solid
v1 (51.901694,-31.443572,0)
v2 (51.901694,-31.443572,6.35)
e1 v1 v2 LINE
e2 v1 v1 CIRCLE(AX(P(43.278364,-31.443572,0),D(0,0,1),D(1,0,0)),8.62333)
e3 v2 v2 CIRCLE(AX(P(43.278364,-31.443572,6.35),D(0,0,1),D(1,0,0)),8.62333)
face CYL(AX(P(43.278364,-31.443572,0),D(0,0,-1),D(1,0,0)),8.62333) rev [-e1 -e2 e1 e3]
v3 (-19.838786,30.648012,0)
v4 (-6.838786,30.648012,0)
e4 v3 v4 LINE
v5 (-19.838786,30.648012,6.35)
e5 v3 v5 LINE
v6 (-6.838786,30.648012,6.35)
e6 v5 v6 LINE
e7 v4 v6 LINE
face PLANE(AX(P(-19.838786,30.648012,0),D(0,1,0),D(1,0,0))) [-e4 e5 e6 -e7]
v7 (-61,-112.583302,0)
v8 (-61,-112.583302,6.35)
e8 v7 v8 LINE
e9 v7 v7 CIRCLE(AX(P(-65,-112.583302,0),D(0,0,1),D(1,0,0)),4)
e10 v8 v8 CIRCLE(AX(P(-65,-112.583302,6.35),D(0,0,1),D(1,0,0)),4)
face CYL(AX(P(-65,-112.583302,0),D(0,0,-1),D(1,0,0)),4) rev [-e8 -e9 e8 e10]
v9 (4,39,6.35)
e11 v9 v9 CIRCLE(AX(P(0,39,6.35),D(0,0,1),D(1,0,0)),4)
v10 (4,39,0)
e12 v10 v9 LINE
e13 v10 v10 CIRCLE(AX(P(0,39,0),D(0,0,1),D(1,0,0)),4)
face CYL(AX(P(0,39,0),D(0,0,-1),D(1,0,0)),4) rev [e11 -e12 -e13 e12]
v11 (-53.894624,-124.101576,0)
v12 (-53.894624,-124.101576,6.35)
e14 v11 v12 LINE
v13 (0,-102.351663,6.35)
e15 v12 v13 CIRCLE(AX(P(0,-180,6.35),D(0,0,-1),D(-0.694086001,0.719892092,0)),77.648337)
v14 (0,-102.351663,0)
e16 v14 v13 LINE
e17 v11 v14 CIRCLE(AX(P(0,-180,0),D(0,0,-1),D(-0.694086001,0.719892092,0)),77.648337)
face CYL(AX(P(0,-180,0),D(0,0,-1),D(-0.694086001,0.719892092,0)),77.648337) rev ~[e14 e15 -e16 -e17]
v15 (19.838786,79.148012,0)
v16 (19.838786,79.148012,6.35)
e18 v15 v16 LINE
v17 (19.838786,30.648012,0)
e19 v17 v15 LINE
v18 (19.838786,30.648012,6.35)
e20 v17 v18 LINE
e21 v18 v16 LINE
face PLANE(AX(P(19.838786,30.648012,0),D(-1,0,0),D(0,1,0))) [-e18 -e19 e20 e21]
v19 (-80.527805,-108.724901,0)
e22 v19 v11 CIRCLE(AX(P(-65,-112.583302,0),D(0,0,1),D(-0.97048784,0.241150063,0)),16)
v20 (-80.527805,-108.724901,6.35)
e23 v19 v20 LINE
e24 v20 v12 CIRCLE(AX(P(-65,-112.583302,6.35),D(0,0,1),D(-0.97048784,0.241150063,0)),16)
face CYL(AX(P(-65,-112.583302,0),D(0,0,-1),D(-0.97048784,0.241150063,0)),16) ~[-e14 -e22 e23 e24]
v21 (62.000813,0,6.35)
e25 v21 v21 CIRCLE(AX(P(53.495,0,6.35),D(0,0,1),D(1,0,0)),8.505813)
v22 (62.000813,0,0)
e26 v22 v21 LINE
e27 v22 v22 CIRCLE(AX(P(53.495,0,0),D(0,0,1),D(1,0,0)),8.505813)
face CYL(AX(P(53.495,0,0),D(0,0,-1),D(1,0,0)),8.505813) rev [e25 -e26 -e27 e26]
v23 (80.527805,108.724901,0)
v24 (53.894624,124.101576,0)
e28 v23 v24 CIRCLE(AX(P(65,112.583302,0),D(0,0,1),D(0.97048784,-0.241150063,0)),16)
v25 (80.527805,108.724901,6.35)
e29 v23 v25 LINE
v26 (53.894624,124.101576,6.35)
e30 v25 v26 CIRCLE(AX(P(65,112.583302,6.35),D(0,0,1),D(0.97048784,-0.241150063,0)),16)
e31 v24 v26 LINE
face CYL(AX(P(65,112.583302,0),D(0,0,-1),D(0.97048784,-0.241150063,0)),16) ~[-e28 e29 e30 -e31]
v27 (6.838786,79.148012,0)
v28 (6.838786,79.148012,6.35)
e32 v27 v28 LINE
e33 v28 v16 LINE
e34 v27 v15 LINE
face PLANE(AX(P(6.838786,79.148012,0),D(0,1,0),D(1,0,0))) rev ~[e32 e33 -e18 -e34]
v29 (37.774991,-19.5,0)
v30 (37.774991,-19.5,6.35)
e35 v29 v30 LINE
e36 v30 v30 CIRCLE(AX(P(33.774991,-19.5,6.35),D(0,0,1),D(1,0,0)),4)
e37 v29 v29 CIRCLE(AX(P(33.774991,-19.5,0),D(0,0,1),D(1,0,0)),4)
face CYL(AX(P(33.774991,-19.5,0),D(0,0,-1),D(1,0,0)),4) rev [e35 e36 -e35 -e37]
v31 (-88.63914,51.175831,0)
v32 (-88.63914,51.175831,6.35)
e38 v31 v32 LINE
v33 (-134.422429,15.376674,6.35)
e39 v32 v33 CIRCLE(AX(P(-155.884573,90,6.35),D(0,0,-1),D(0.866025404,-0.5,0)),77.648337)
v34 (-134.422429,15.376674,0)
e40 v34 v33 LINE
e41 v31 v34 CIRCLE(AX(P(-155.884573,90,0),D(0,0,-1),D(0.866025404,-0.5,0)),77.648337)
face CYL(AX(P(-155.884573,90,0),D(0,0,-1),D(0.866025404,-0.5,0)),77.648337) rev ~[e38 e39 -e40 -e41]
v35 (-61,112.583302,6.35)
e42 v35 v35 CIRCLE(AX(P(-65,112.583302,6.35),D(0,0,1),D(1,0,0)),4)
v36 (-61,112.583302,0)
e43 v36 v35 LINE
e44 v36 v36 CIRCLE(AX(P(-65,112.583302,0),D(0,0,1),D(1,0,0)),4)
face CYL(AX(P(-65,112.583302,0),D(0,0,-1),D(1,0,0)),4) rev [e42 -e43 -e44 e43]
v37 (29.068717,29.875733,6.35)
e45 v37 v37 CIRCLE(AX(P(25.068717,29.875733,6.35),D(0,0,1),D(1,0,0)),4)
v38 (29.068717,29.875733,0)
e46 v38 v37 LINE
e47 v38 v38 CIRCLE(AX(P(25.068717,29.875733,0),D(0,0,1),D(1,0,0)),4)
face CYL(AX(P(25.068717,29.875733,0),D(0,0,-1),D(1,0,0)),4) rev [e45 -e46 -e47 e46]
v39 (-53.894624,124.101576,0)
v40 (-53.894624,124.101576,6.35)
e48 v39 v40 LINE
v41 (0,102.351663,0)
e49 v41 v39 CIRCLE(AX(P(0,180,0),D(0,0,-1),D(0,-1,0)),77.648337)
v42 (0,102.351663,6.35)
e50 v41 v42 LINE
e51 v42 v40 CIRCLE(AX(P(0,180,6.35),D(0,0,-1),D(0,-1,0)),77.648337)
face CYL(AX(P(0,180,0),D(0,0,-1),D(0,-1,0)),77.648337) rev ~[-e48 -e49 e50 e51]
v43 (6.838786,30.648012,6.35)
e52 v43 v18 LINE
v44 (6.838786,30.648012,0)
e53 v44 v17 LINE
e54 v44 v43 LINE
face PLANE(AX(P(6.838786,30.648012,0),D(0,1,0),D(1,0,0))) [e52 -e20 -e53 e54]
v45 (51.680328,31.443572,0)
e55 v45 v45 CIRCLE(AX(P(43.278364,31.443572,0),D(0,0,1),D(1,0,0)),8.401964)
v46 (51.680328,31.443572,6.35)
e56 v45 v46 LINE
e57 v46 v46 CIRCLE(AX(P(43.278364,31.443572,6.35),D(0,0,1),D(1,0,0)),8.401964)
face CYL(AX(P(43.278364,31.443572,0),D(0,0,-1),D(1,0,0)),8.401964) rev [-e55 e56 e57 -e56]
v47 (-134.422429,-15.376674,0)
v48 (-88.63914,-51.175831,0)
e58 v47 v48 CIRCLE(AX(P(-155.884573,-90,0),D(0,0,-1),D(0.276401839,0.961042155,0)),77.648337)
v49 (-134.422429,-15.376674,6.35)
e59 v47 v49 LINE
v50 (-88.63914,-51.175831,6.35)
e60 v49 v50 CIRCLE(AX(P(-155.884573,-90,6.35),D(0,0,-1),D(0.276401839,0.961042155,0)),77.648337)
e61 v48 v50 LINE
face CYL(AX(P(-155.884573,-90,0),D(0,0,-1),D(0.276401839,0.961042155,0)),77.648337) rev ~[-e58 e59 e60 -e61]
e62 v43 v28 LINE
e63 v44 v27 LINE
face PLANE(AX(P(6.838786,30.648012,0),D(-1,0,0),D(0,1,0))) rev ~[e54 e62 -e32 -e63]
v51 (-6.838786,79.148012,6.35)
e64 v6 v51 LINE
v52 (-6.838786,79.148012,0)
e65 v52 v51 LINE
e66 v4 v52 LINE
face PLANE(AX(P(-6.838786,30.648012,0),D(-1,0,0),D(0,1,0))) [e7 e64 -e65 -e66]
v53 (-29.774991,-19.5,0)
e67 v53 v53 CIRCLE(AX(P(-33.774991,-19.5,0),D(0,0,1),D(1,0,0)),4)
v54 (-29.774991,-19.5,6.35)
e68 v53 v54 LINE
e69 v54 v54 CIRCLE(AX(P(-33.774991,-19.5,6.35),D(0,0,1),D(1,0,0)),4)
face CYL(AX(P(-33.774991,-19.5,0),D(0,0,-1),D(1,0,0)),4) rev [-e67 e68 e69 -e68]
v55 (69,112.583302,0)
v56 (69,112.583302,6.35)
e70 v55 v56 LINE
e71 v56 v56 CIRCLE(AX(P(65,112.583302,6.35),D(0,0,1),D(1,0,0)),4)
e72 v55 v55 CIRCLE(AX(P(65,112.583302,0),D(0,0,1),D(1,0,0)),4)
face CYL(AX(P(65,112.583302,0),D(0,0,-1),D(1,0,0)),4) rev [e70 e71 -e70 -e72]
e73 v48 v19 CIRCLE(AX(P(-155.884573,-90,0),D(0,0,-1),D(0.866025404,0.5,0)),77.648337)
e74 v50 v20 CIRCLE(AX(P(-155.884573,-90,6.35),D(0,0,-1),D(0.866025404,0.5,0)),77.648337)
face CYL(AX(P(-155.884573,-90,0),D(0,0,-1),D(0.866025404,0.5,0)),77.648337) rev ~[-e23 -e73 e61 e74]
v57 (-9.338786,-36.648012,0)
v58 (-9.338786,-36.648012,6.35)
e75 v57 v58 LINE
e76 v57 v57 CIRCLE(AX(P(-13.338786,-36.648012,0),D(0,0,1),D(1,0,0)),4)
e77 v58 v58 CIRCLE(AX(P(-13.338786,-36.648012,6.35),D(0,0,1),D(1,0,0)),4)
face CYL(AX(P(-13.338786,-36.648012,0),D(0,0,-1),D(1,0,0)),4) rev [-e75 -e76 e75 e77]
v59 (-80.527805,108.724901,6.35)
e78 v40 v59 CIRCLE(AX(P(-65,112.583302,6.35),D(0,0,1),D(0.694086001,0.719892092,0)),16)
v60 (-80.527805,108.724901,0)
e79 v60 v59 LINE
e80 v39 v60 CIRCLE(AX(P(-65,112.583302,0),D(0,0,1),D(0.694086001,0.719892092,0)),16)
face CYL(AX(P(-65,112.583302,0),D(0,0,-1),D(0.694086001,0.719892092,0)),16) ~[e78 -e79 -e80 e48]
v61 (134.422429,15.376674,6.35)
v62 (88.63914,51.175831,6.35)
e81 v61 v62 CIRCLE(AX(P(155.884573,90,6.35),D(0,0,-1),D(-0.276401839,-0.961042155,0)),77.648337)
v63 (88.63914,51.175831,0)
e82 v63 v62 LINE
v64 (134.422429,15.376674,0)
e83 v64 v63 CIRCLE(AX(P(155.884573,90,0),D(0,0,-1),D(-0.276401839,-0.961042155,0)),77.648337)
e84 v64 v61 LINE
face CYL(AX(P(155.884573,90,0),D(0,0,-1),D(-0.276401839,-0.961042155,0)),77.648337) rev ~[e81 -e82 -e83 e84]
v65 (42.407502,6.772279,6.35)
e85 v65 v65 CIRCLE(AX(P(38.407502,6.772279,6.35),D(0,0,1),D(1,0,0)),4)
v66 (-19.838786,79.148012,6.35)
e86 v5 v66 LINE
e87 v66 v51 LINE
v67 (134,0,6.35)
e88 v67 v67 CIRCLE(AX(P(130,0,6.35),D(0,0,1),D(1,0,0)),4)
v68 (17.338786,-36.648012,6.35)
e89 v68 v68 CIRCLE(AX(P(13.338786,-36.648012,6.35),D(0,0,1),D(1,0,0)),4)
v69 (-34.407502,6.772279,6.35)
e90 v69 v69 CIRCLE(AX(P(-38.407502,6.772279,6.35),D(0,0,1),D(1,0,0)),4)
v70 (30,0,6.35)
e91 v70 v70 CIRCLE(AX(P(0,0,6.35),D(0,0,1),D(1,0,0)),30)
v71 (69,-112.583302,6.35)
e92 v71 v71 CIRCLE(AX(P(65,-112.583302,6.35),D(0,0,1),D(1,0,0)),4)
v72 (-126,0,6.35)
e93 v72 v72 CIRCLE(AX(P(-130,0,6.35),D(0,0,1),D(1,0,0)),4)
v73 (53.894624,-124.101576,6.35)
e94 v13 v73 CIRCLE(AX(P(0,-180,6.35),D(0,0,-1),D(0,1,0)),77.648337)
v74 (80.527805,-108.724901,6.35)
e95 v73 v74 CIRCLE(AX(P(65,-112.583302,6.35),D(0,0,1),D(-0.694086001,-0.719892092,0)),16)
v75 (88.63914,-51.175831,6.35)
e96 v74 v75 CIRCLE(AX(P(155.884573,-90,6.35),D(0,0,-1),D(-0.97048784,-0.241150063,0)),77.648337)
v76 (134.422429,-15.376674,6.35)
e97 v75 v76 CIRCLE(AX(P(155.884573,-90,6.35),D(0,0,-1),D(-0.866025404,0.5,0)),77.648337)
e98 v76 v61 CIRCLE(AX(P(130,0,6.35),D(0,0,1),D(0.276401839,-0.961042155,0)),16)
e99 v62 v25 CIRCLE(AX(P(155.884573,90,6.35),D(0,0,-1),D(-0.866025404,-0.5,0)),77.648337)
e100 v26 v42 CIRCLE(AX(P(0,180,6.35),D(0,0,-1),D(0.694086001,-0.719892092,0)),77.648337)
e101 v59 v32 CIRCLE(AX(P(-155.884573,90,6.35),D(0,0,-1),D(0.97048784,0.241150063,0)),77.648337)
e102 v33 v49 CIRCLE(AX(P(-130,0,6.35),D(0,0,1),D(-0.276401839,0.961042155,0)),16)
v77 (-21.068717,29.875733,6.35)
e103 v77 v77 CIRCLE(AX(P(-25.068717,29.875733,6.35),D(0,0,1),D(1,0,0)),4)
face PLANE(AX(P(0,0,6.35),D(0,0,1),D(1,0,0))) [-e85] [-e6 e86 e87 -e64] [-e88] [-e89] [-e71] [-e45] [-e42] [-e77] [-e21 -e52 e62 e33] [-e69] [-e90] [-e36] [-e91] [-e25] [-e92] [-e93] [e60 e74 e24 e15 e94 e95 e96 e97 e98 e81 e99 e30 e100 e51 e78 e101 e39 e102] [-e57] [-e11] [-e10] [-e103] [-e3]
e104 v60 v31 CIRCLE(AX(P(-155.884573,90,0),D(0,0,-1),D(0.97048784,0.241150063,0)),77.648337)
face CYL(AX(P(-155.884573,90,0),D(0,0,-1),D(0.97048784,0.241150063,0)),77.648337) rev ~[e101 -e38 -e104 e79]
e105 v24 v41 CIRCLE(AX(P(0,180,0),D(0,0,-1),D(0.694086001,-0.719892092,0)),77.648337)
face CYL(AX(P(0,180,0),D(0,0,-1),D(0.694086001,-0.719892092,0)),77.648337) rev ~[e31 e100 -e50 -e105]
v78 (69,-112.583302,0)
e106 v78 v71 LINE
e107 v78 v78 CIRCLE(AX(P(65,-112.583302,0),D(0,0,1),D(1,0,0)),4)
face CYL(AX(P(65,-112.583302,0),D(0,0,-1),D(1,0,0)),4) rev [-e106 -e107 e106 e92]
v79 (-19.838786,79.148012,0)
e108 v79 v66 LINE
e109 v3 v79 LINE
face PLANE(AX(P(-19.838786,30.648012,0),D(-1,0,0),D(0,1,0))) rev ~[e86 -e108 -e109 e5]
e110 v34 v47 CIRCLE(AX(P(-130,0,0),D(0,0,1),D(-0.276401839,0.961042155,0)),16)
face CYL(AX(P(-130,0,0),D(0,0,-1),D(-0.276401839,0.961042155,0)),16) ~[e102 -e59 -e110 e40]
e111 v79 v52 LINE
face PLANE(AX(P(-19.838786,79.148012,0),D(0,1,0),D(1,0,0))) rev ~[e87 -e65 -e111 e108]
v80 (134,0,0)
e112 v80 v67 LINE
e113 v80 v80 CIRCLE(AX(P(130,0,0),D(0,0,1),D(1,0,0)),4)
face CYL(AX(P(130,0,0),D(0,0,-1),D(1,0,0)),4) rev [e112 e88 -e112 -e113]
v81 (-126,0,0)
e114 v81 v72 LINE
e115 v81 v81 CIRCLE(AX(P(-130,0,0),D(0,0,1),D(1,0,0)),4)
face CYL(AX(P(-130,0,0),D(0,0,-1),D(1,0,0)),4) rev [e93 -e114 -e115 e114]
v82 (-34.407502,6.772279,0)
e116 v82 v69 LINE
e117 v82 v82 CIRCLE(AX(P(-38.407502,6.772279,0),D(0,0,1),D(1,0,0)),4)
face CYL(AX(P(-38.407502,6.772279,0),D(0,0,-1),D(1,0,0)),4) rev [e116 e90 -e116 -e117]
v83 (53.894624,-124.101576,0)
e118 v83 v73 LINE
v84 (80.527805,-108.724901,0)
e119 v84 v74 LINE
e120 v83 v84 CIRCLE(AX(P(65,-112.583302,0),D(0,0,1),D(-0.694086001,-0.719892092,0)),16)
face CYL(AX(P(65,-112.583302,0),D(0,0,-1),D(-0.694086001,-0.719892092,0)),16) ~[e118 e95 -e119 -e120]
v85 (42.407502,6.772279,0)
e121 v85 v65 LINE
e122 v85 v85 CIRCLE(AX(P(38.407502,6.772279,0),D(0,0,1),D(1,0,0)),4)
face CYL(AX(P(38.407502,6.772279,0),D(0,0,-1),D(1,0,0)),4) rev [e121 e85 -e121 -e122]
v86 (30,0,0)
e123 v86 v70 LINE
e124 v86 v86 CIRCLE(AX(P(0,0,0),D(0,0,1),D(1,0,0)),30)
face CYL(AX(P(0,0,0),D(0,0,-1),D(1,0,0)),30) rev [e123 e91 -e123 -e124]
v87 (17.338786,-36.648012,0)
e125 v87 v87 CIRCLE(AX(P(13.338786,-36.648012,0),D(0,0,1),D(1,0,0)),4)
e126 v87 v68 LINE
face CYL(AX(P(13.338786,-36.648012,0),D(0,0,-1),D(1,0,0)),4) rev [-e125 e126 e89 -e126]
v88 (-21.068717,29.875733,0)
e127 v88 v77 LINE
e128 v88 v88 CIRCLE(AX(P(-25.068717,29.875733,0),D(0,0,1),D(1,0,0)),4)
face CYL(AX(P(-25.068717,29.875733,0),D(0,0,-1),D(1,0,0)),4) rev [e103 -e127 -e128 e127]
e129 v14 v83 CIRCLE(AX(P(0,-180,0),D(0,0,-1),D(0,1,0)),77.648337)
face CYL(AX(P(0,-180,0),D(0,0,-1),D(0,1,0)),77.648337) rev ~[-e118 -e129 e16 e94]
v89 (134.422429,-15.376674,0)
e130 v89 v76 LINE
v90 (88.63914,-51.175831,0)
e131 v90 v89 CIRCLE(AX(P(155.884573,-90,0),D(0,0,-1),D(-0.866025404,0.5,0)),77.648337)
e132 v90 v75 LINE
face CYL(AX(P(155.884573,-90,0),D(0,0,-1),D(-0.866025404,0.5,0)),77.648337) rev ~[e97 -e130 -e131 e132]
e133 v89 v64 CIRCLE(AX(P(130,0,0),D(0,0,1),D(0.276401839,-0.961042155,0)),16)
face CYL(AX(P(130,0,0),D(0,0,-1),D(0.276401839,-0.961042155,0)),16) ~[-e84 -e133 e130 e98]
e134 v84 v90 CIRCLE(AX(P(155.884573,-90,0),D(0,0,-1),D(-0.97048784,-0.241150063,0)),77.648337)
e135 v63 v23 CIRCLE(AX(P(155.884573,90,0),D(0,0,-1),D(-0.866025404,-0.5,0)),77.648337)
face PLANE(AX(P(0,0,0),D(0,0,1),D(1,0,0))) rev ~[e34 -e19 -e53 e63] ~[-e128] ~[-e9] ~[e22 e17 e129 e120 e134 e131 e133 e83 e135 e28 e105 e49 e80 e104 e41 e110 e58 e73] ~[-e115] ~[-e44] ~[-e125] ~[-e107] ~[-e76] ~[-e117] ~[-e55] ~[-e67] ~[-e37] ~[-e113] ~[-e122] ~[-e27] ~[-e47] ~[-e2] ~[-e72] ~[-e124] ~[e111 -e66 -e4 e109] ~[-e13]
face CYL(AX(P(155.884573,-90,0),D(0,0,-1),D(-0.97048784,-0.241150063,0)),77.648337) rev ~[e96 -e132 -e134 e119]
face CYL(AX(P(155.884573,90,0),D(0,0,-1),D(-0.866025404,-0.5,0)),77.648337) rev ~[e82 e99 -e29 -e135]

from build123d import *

# Parameters (mm, degrees)
SKETCH2_R           = 4
SKETCH2_R_2         = 30
SKETCH2_R_3         = 8.623329564
SKETCH2_R_4         = 8.505813098
SKETCH2_R_5         = 8.401963559
SKETCH2_W           = 13
SKETCH2_H           = 48.5
BOSS_EXTRUDE1_DEPTH = 6.35


with BuildPart() as part:
    # Sketch2 → Boss-Extrude1 (new body)
    with BuildSketch(Plane.XY):
        with BuildLine():
            ThreePointArc((80.527805435, 108.72490148), (73, 126.439708953), (53.894623988, 124.101575958))
            ThreePointArc((53.894623988, 124.101575958), (29.058945383, 107.994153026), (0, 102.351662573))
            ThreePointArc((0, 102.351662573), (-29.058945383, 107.994153026), (-53.894623988, 124.101575958))
            ThreePointArc((-53.894623988, 124.101575958), (-73, 126.439708953), (-80.527805435, 108.72490148))
            ThreePointArc((-80.527805435, 108.72490148), (-78.996207289, 79.162861422), (-88.639139908, 51.175831286))
            ThreePointArc((-88.639139908, 51.175831286), (-108.055152672, 28.831291604), (-134.422429423, 15.376674478))
            ThreePointArc((-134.422429423, 15.376674478), (-146, 0), (-134.422429423, -15.376674478))
            ThreePointArc((-134.422429423, -15.376674478), (-108.055152672, -28.831291604), (-88.639139908, -51.175831286))
            ThreePointArc((-88.639139908, -51.175831286), (-78.996207289, -79.162861422), (-80.527805435, -108.72490148))
            ThreePointArc((-80.527805435, -108.72490148), (-73, -126.439708953), (-53.894623988, -124.101575958))
            ThreePointArc((-53.894623988, -124.101575958), (-29.058945383, -107.994153026), (0, -102.351662573))
            ThreePointArc((0, -102.351662573), (29.058945383, -107.994153026), (53.894623988, -124.101575958))
            ThreePointArc((53.894623988, -124.101575958), (73, -126.439708953), (80.527805435, -108.72490148))
            ThreePointArc((80.527805435, -108.72490148), (78.996207289, -79.162861422), (88.639139908, -51.175831286))
            ThreePointArc((88.639139908, -51.175831286), (108.055152672, -28.831291604), (134.422429423, -15.376674478))
            ThreePointArc((134.422429423, -15.376674478), (146, 0), (134.422429423, 15.376674478))
            ThreePointArc((134.422429423, 15.376674478), (108.055152672, 28.831291604), (88.639139908, 51.175831286))
            ThreePointArc((88.639139908, 51.175831286), (78.996207289, 79.162861422), (80.527805435, 108.72490148))
        make_face()
        with Locations((65, 112.583302492)):
            Circle(SKETCH2_R, mode=Mode.SUBTRACT)
        with Locations((130, 0)):
            Circle(SKETCH2_R, mode=Mode.SUBTRACT)
        with Locations((65, -112.583302492)):
            Circle(SKETCH2_R, mode=Mode.SUBTRACT)
        with Locations((-65, -112.583302492)):
            Circle(SKETCH2_R, mode=Mode.SUBTRACT)
        with Locations((-130, 0)):
            Circle(SKETCH2_R, mode=Mode.SUBTRACT)
        with Locations((-65, 112.583302492)):
            Circle(SKETCH2_R, mode=Mode.SUBTRACT)
        with Locations((25.068716778, 29.875733282)):
            Circle(SKETCH2_R, mode=Mode.SUBTRACT)
        with Locations((38.407502367, 6.772278929)):
            Circle(SKETCH2_R, mode=Mode.SUBTRACT)
        with Locations((33.774990748, -19.5)):
            Circle(SKETCH2_R, mode=Mode.SUBTRACT)
        with Locations((13.33878559, -36.648012211)):
            Circle(SKETCH2_R, mode=Mode.SUBTRACT)
        with Locations((-13.33878559, -36.648012211)):
            Circle(SKETCH2_R, mode=Mode.SUBTRACT)
        with Locations((-33.774990748, -19.5)):
            Circle(SKETCH2_R, mode=Mode.SUBTRACT)
        with Locations((-38.407502367, 6.772278929)):
            Circle(SKETCH2_R, mode=Mode.SUBTRACT)
        with Locations((-25.068716778, 29.875733282)):
            Circle(SKETCH2_R, mode=Mode.SUBTRACT)
        Circle(SKETCH2_R_2, mode=Mode.SUBTRACT)
        with Locations((43.278364114, -31.443572071)):
            Circle(SKETCH2_R_3, mode=Mode.SUBTRACT)
        with Locations((53.495, 0)):
            Circle(SKETCH2_R_4, mode=Mode.SUBTRACT)
        with Locations((43.278364114, 31.443572071)):
            Circle(SKETCH2_R_5, mode=Mode.SUBTRACT)
        with Locations((0, 39)):
            Circle(SKETCH2_R, mode=Mode.SUBTRACT)
        with Locations((-13.33878559, 54.898012211)):
            Rectangle(SKETCH2_W, SKETCH2_H, mode=Mode.SUBTRACT)
        with Locations((13.33878559, 54.898012211)):
            Rectangle(SKETCH2_W, SKETCH2_H, mode=Mode.SUBTRACT)
    extrude(amount=BOSS_EXTRUDE1_DEPTH)


solid = part.part
